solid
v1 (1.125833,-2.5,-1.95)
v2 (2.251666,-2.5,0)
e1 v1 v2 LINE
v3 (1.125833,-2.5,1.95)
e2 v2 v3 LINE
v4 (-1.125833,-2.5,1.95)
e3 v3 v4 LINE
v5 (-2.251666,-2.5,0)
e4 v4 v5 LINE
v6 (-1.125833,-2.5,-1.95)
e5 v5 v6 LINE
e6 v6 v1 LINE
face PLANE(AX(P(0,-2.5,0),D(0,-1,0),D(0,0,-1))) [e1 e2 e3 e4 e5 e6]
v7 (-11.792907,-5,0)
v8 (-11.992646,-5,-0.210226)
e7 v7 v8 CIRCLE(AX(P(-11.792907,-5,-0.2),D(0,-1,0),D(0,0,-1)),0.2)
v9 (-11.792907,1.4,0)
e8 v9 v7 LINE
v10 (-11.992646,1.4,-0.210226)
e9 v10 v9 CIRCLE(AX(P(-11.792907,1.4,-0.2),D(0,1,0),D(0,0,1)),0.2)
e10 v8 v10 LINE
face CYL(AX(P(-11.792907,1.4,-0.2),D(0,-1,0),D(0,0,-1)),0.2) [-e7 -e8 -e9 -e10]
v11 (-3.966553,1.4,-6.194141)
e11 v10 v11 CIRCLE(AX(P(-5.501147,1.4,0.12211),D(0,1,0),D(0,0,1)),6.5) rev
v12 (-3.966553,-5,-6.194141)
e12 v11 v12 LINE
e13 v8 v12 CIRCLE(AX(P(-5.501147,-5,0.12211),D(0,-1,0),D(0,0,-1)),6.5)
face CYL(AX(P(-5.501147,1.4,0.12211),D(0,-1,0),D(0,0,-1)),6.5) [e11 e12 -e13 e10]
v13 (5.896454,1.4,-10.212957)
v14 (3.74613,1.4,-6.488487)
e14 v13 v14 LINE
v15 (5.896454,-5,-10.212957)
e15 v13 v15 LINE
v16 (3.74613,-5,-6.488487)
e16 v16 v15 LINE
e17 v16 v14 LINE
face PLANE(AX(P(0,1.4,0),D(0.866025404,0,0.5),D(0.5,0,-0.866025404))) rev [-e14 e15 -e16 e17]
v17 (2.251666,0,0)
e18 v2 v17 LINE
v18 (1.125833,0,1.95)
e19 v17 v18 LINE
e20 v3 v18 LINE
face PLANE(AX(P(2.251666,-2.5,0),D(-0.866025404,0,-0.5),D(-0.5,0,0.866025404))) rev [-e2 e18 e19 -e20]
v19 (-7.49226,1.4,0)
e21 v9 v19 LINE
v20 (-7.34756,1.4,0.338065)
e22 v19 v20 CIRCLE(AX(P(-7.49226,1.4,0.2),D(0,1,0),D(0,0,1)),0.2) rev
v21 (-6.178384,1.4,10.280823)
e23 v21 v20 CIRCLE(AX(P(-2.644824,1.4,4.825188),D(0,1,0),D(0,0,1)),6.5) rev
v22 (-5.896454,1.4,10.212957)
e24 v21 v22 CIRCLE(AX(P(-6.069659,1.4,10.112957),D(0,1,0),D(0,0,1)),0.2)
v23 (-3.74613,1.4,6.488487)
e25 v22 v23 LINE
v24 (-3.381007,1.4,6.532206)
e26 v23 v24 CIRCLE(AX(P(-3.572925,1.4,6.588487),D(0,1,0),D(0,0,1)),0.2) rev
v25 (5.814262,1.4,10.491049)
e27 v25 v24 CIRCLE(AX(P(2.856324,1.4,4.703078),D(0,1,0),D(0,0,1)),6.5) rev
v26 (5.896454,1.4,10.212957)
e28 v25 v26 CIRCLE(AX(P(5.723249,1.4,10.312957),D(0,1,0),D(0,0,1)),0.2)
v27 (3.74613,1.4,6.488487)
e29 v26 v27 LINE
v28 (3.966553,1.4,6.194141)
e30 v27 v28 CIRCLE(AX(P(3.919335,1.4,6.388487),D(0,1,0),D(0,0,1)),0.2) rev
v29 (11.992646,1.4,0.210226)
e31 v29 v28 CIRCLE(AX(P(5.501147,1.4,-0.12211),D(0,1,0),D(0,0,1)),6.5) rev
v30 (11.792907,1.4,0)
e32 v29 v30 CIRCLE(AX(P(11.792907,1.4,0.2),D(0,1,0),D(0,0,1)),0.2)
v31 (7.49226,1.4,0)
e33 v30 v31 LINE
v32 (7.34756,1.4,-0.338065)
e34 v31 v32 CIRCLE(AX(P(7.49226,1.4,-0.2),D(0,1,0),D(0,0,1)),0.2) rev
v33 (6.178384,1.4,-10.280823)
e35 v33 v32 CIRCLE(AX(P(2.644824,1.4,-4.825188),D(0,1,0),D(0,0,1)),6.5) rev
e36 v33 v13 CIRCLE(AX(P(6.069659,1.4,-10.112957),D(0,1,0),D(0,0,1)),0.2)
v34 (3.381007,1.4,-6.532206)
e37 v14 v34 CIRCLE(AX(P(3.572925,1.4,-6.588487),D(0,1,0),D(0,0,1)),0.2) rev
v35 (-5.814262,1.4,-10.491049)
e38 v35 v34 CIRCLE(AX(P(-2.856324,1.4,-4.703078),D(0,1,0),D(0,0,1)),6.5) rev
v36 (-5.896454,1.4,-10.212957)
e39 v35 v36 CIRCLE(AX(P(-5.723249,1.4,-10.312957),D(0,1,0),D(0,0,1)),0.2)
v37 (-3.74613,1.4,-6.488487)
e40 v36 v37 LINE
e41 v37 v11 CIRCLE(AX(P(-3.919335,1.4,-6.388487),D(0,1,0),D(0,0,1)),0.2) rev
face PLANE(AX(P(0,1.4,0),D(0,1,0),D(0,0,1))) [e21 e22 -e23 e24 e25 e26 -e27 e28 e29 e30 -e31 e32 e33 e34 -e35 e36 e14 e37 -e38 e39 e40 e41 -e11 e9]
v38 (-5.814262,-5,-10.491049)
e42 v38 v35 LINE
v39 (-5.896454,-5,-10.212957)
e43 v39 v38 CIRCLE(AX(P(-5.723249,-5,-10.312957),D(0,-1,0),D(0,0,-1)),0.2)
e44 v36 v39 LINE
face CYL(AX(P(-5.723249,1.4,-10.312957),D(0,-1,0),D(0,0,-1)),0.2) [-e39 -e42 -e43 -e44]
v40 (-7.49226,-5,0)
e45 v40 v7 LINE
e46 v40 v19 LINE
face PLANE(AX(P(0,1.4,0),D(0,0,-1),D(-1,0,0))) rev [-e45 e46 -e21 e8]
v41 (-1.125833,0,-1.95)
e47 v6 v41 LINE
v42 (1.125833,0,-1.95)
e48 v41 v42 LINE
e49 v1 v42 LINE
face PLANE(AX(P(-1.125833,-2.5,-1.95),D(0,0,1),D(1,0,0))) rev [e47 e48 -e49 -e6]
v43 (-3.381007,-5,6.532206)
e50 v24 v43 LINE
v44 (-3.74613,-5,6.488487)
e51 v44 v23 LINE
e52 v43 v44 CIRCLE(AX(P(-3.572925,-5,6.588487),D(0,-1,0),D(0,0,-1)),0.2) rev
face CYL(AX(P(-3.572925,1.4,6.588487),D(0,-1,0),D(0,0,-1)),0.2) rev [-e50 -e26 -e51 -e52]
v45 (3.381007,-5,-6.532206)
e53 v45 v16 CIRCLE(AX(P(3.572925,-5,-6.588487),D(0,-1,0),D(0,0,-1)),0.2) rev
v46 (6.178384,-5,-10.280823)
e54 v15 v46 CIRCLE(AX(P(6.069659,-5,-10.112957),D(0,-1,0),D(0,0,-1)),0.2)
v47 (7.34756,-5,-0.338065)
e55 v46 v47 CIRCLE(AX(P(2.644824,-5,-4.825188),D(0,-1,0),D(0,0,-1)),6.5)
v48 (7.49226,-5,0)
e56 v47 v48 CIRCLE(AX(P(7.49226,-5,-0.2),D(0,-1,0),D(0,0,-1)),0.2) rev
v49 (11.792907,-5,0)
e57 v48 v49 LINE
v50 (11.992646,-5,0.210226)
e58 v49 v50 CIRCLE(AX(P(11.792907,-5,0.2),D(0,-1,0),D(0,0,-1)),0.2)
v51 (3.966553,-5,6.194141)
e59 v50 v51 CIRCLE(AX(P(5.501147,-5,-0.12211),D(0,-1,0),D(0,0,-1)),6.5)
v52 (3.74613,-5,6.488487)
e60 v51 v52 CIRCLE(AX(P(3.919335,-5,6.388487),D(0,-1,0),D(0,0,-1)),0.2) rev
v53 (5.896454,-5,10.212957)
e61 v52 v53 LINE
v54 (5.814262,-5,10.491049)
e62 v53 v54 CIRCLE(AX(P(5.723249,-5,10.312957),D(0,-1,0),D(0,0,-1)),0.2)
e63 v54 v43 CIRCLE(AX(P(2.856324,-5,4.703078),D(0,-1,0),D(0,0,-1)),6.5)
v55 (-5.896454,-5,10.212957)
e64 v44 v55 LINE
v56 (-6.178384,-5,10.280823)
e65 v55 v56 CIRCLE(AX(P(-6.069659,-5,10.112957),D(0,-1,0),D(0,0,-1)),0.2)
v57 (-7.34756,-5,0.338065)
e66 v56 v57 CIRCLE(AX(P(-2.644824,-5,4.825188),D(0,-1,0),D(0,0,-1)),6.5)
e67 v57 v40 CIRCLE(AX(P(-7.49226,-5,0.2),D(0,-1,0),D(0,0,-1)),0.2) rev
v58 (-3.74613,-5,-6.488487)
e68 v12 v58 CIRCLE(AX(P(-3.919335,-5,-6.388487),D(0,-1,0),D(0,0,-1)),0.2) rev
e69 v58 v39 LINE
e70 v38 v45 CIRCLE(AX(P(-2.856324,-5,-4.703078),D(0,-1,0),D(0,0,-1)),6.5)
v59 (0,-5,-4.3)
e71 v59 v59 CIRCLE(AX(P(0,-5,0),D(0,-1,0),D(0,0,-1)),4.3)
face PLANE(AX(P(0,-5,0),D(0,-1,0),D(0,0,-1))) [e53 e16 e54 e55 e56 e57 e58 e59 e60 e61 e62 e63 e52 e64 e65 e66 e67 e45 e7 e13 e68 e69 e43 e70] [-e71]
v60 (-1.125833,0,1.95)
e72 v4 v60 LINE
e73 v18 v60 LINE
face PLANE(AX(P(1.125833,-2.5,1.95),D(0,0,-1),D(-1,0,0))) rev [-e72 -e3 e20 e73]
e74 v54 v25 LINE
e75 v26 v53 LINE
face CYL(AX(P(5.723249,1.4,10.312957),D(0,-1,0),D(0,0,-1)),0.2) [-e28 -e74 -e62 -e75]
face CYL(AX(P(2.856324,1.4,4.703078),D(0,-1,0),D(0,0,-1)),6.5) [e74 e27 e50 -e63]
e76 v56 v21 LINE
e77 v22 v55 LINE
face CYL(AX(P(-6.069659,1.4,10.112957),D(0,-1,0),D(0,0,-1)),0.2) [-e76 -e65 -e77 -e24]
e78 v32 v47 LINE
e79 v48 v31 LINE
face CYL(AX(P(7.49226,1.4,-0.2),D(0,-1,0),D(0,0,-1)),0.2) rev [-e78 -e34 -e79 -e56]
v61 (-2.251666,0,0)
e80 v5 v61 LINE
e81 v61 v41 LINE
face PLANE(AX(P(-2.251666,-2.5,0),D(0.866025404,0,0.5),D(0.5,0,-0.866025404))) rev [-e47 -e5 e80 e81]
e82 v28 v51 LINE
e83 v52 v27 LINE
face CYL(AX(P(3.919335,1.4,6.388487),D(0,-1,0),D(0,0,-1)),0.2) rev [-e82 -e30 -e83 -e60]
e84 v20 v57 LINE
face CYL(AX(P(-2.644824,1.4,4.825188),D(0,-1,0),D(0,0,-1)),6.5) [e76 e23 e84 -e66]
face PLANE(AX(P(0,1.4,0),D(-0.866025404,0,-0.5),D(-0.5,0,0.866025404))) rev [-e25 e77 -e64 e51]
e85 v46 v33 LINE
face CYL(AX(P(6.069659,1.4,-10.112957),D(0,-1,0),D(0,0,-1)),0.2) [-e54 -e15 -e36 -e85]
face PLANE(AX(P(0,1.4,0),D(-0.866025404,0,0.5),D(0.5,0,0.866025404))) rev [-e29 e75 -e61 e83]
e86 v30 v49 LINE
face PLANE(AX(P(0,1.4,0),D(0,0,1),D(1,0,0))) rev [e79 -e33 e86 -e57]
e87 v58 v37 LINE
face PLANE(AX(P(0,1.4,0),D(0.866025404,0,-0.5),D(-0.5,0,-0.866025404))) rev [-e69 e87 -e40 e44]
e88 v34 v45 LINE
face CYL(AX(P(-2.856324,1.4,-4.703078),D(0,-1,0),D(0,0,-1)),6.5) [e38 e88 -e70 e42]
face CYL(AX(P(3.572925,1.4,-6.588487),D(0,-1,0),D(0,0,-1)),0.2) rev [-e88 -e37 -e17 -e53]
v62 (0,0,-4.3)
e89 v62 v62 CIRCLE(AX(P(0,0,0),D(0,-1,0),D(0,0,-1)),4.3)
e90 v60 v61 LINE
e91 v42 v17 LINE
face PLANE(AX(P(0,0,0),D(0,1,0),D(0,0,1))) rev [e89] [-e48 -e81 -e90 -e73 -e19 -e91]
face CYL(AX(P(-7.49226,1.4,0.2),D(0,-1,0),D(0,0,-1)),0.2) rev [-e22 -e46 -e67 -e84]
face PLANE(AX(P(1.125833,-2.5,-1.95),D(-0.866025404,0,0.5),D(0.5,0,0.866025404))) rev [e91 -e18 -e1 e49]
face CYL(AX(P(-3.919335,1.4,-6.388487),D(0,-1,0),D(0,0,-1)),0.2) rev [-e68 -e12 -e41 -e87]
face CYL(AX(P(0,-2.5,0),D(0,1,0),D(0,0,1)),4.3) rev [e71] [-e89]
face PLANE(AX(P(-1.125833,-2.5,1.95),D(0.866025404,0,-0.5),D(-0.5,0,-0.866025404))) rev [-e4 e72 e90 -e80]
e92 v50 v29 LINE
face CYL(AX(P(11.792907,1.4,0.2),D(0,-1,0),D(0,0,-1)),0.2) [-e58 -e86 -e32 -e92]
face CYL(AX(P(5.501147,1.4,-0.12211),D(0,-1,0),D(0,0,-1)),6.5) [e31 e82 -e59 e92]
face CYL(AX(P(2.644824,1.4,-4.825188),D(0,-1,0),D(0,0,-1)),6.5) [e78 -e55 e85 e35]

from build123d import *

# Parameters (mm, degrees)
BOSS_EXTRUDE1_DEPTH = 1.4
FILLET1_R           = 0.2
SKETCH2_R           = 4.3
BOSS_EXTRUDE2_DEPTH = 2.5
SKETCH2_3_R         = 4.3
BOSS_EXTRUDE3_DEPTH = 5


with BuildPart() as part:
    # Sketch1 → Boss-Extrude1 (new body)
    with BuildSketch(Plane(origin=(0, 0, 0), x_dir=(1, 0, 0), z_dir=(0, 1, 0))):
        with BuildLine():
            ThreePointArc((-6, -10.392304845), (-9.114938352, -5.447774983), (-7, 0))
            Line((-7, 0), (-12, 0))
            ThreePointArc((-12, 0), (-9.275380706, 5.169880676), (-3.5, 6.062177826))
            Line((-3.5, 6.062177826), (-6, 10.392304845))
            ThreePointArc((-6, 10.392304845), (-0.160442353, 10.617655659), (3.5, 6.062177826))
            Line((3.5, 6.062177826), (6, 10.392304845))
            ThreePointArc((6, 10.392304845), (9.114938352, 5.447774983), (7, 0))
            Line((7, 0), (12, 0))
            ThreePointArc((12, 0), (9.275380706, -5.169880676), (3.5, -6.062177826))
            Line((3.5, -6.062177826), (6, -10.392304845))
            ThreePointArc((6, -10.392304845), (0.160442353, -10.617655659), (-3.5, -6.062177826))
            Line((-3.5, -6.062177826), (-6, -10.392304845))
        make_face()
    extrude(amount=BOSS_EXTRUDE1_DEPTH)

    # Fillet1
    fillet1_edges = [part.edges().sort_by_distance(p)[0] for p in [
        (7, 0.7, 0),
        (12, 0.7, 0),
        (3.5, 0.7, 6.062177826),
        (6, 0.7, 10.392304845),
        (-3.5, 0.7, 6.062177826),
        (-6, 0.7, 10.392304845),
        (-7, 0.7, 0),
        (-12, 0.7, 0),
        (-3.5, 0.7, -6.062177826),
        (-6, 0.7, -10.392304845),
        (3.5, 0.7, -6.062177826),
        (6, 0.7, -10.392304845),
    ]]
    fillet(fillet1_edges, radius=FILLET1_R)

    # Sketch2 → Boss-Extrude2 (add)
    # profile 1 of 2: a face of its own
    with BuildSketch(Plane.XZ):
        with BuildLine():
            ThreePointArc((7.3475601, -0.33806531), (7.308394161, -0.121301404), (7.492259685, 0))
            Line((7.492259685, 0), (11.792907204, 0))
            ThreePointArc((11.792907204, 0), (11.937898824, 0.062241407), (11.99264562, 0.2102257))
            ThreePointArc((11.99264562, 0.2102257), (9.386315888, 5.088980867), (3.966553197, 6.194141047))
            ThreePointArc((3.966553197, 6.194141047), (3.759247178, 6.268604302), (3.746129843, 6.488487219))
            Line((3.746129843, 6.488487219), (5.896453602, 10.212957223))
            ThreePointArc((5.896453602, 10.212957223), (5.915046773, 10.369644353), (5.814262013, 10.491048616))
            ThreePointArc((5.814262013, 10.491048616), (0.285971234, 10.673278441), (-3.381006903, 6.532206358))
            ThreePointArc((-3.381006903, 6.532206358), (-3.549146983, 6.389905707), (-3.746129843, 6.488487219))
            Line((-3.746129843, 6.488487219), (-5.896453602, 10.212957223))
            ThreePointArc((-5.896453602, 10.212957223), (-6.022852052, 10.307402946), (-6.178383607, 10.280822916))
            ThreePointArc((-6.178383607, 10.280822916), (-9.100344655, 5.584297574), (-7.3475601, 0.33806531))
            ThreePointArc((-7.3475601, 0.33806531), (-7.308394161, 0.121301404), (-7.492259685, 0))
            Line((-7.492259685, 0), (-11.792907204, 0))
            ThreePointArc((-11.792907204, 0), (-11.937898824, -0.062241407), (-11.99264562, -0.2102257))
            ThreePointArc((-11.99264562, -0.2102257), (-9.386315888, -5.088980867), (-3.966553197, -6.194141047))
            ThreePointArc((-3.966553197, -6.194141047), (-3.759247178, -6.268604302), (-3.746129843, -6.488487219))
            Line((-3.746129843, -6.488487219), (-5.896453602, -10.212957223))
            ThreePointArc((-5.896453602, -10.212957223), (-5.915046773, -10.369644353), (-5.814262013, -10.491048616))
            ThreePointArc((-5.814262013, -10.491048616), (-0.285971234, -10.673278441), (3.381006903, -6.532206358))
            ThreePointArc((3.381006903, -6.532206358), (3.549146983, -6.389905707), (3.746129843, -6.488487219))
            Line((3.746129843, -6.488487219), (5.896453602, -10.212957223))
            ThreePointArc((5.896453602, -10.212957223), (6.022852052, -10.307402946), (6.178383607, -10.280822916))
            ThreePointArc((6.178383607, -10.280822916), (9.100344655, -5.584297574), (7.3475601, -0.33806531))
        make_face()
        Circle(SKETCH2_R, mode=Mode.SUBTRACT)
    # profile 2 of 2: a face of its own
    with BuildSketch(Plane.XZ):
        Polygon((1.125833025, -1.95), (2.25166605, 0), (1.125833025, 1.95), (-1.125833025, 1.95), (-2.25166605, 0), (-1.125833025, -1.95), align=None)
    extrude(amount=BOSS_EXTRUDE2_DEPTH)

    # Sketch2<3> → Boss-Extrude3 (add)
    with BuildSketch(Plane.XZ):
        with BuildLine():
            ThreePointArc((7.3475601, -0.33806531), (7.308394161, -0.121301404), (7.492259685, 0))
            Line((7.492259685, 0), (11.792907204, 0))
            ThreePointArc((11.792907204, 0), (11.937898824, 0.062241407), (11.99264562, 0.2102257))
            ThreePointArc((11.99264562, 0.2102257), (9.386315888, 5.088980867), (3.966553197, 6.194141047))
            ThreePointArc((3.966553197, 6.194141047), (3.759247178, 6.268604302), (3.746129843, 6.488487219))
            Line((3.746129843, 6.488487219), (5.896453602, 10.212957223))
            ThreePointArc((5.896453602, 10.212957223), (5.915046773, 10.369644353), (5.814262013, 10.491048616))
            ThreePointArc((5.814262013, 10.491048616), (0.285971234, 10.673278441), (-3.381006903, 6.532206358))
            ThreePointArc((-3.381006903, 6.532206358), (-3.549146983, 6.389905707), (-3.746129843, 6.488487219))
            Line((-3.746129843, 6.488487219), (-5.896453602, 10.212957223))
            ThreePointArc((-5.896453602, 10.212957223), (-6.022852052, 10.307402946), (-6.178383607, 10.280822916))
            ThreePointArc((-6.178383607, 10.280822916), (-9.100344655, 5.584297574), (-7.3475601, 0.33806531))
            ThreePointArc((-7.3475601, 0.33806531), (-7.308394161, 0.121301404), (-7.492259685, 0))
            Line((-7.492259685, 0), (-11.792907204, 0))
            ThreePointArc((-11.792907204, 0), (-11.937898824, -0.062241407), (-11.99264562, -0.2102257))
            ThreePointArc((-11.99264562, -0.2102257), (-9.386315888, -5.088980867), (-3.966553197, -6.194141047))
            ThreePointArc((-3.966553197, -6.194141047), (-3.759247178, -6.268604302), (-3.746129843, -6.488487219))
            Line((-3.746129843, -6.488487219), (-5.896453602, -10.212957223))
            ThreePointArc((-5.896453602, -10.212957223), (-5.915046773, -10.369644353), (-5.814262013, -10.491048616))
            ThreePointArc((-5.814262013, -10.491048616), (-0.285971234, -10.673278441), (3.381006903, -6.532206358))
            ThreePointArc((3.381006903, -6.532206358), (3.549146983, -6.389905707), (3.746129843, -6.488487219))
            Line((3.746129843, -6.488487219), (5.896453602, -10.212957223))
            ThreePointArc((5.896453602, -10.212957223), (6.022852052, -10.307402946), (6.178383607, -10.280822916))
            ThreePointArc((6.178383607, -10.280822916), (9.100344655, -5.584297574), (7.3475601, -0.33806531))
        make_face()
        Circle(SKETCH2_3_R, mode=Mode.SUBTRACT)
    extrude(amount=BOSS_EXTRUDE3_DEPTH)


solid = part.part
